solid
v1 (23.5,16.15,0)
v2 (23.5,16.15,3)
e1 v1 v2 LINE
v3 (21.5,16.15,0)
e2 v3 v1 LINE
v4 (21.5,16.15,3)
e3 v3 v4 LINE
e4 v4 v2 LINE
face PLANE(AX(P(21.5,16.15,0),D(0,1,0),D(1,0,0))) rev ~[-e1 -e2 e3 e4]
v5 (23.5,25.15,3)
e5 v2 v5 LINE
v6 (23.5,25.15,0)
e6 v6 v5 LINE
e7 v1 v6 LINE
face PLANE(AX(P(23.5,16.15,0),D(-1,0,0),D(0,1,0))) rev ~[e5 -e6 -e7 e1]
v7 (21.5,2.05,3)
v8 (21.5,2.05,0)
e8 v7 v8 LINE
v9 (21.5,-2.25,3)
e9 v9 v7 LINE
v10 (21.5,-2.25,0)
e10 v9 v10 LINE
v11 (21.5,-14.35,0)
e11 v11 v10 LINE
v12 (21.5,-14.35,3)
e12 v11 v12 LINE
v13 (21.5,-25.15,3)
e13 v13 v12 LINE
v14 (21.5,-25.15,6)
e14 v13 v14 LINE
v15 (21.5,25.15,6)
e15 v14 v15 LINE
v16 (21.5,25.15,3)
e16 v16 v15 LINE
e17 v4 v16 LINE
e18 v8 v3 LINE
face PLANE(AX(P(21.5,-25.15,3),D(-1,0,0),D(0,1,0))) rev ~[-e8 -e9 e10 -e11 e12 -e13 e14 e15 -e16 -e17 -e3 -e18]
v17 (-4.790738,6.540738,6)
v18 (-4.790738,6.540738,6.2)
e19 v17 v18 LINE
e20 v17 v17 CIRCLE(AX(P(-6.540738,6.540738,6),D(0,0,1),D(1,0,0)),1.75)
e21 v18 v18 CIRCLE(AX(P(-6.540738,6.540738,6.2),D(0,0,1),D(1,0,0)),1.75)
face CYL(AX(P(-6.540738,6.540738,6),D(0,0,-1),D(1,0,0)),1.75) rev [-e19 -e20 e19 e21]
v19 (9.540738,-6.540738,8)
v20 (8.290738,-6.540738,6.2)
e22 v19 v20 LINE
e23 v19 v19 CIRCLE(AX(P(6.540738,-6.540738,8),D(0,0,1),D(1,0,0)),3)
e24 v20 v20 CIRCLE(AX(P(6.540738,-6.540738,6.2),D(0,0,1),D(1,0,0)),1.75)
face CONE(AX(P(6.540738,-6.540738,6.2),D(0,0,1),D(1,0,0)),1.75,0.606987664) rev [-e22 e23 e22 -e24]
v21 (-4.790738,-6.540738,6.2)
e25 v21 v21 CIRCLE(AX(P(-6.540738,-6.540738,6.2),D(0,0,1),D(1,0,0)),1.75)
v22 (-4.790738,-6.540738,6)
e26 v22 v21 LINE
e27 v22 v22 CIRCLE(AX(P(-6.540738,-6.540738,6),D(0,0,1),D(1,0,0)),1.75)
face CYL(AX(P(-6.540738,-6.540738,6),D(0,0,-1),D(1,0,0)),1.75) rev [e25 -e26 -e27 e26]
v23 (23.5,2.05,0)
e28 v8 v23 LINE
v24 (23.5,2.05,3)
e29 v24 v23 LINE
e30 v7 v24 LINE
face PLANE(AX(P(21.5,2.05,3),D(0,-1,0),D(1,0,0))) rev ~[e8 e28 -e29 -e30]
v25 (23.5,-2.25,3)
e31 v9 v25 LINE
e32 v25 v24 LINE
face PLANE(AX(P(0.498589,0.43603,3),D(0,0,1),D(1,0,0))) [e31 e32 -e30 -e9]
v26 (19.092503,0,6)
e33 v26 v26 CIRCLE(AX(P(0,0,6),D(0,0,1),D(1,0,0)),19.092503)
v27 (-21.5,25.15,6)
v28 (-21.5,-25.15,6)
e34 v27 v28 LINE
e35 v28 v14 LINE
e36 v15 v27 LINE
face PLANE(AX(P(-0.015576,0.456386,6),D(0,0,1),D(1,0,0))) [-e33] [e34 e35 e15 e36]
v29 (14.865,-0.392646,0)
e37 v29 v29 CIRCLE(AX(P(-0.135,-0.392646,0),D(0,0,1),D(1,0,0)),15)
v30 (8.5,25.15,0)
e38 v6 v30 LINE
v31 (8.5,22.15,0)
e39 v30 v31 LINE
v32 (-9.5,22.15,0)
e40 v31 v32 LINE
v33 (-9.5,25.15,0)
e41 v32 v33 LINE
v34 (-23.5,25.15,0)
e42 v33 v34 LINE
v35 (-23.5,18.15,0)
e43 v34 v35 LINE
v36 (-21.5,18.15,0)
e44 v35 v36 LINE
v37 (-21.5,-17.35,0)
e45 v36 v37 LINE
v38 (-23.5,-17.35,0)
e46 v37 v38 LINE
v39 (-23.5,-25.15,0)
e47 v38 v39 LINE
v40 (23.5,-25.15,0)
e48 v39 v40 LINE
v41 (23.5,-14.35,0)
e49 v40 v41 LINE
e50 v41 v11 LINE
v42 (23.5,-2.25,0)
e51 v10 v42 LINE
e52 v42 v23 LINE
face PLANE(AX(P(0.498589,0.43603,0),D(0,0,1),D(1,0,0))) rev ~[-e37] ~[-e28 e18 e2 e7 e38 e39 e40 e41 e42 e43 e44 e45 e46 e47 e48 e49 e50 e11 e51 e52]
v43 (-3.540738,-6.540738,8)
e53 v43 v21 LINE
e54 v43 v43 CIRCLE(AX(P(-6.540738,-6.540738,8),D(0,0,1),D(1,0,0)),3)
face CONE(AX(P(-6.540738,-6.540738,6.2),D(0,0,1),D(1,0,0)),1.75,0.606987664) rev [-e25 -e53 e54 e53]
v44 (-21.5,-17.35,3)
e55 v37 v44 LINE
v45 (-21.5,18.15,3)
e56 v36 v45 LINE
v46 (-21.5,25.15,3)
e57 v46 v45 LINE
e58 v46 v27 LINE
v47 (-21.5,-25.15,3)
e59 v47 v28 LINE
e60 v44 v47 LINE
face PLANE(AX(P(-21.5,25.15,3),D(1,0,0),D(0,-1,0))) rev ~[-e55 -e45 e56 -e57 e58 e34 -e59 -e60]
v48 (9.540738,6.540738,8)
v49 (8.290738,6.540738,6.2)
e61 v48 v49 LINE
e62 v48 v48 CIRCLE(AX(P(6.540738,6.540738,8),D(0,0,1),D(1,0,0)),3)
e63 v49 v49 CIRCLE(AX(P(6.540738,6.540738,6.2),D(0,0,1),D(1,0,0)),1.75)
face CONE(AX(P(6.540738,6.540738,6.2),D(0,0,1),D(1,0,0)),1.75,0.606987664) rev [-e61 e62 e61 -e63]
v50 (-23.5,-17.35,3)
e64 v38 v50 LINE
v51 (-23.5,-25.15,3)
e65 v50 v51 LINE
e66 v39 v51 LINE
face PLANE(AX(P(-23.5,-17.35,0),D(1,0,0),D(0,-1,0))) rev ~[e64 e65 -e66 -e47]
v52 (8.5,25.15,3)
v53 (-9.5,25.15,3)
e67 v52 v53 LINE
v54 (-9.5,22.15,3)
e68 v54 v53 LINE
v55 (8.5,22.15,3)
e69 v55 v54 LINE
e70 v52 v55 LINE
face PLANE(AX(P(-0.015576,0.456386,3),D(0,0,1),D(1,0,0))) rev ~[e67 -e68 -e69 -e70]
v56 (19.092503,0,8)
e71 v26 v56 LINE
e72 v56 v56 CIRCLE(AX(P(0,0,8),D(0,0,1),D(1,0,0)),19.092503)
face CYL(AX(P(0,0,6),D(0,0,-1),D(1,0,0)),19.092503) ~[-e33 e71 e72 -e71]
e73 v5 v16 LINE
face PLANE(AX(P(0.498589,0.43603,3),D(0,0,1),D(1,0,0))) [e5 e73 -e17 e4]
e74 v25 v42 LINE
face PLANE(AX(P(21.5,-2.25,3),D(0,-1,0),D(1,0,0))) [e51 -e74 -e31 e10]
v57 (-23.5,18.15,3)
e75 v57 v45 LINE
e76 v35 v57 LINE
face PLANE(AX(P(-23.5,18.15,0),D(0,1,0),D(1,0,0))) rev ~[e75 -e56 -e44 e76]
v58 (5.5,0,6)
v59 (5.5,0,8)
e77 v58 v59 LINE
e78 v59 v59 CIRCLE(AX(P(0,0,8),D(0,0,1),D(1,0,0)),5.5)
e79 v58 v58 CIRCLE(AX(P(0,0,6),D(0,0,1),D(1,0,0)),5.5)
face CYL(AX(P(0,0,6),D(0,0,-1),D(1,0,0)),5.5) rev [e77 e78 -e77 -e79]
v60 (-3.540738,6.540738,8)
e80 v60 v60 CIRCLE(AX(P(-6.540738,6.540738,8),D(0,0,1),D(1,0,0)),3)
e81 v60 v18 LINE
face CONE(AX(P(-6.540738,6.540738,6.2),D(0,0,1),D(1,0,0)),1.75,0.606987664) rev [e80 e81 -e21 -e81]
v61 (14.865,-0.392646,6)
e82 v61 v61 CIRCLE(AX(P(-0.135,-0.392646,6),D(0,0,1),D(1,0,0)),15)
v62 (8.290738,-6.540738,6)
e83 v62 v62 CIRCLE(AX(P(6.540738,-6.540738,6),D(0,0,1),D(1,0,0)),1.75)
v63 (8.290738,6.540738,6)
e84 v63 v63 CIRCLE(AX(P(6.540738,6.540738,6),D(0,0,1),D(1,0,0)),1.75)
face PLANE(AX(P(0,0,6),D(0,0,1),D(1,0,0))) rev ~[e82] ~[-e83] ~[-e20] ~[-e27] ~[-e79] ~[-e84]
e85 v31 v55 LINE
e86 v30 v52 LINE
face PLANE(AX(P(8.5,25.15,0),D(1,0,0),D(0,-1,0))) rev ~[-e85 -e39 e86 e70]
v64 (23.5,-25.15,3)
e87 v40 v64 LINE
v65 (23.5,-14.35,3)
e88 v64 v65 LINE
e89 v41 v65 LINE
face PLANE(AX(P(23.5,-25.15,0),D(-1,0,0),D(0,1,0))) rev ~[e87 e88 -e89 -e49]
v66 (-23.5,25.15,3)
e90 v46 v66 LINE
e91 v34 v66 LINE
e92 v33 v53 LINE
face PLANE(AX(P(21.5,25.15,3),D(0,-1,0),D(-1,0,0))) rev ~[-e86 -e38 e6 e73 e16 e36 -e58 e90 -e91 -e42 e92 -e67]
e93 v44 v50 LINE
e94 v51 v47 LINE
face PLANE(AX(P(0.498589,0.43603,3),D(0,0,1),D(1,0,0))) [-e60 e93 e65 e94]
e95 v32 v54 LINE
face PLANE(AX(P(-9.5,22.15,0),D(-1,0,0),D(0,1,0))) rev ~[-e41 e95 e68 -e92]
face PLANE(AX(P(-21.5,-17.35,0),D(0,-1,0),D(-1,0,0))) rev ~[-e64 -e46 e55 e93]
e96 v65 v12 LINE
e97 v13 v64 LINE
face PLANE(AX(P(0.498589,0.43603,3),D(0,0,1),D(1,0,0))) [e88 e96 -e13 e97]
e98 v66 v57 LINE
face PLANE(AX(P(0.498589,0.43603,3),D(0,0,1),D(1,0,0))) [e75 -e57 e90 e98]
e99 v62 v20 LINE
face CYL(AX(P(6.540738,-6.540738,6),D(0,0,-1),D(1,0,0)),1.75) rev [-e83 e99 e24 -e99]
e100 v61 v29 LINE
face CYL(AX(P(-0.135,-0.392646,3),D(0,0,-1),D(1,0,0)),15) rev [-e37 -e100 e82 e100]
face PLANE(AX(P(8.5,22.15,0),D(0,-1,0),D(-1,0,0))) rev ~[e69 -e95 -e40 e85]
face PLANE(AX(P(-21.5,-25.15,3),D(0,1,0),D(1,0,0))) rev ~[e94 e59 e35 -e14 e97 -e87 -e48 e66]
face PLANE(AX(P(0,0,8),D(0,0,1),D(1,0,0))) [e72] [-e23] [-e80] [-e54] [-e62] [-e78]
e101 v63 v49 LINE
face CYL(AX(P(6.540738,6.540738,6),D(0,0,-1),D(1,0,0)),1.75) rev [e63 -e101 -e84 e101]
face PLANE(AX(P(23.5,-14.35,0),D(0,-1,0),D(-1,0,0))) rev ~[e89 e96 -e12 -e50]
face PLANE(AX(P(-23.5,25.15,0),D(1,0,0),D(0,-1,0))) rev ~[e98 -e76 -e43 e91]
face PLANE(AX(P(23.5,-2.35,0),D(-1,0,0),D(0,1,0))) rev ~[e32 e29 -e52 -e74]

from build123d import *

# Parameters (mm, degrees)
F0_R     = 15
F1_DEPTH = 3
F2_R     = 15
F2_W     = 18
F2_H     = 3
F3_DEPTH = 3
F4_R     = 19.092503
F4_R_2   = 1.75
F4_R_3   = 5.5
F5_DEPTH = 2
F6_SIZE2 = 1.8
F6_SIZE  = 1.25
F7_W     = 2
F7_H     = 0.1
F8_DEPTH = 3.001


with BuildPart() as f1:
    # F0 (on Top) → F1 (new body)
    with BuildSketch(Plane.XY):
        Polygon((-9.5, 25.15), (-23.5, 25.15), (-23.5, 18.15), (-21.5, 18.15), (-21.5, -17.35), (-23.5, -17.35), (-23.5, -25.15), (23.5, -25.15), (23.5, -14.35), (21.5, -14.35), (21.5, -2.35), (23.5, -2.35), (23.5, 2.15), (21.5, 2.15), (21.5, 16.15), (23.5, 16.15), (23.5, 25.15), (8.5, 25.15), (8.5, 22.15), (-9.5, 22.15), align=None)
        with Locations((-0.135, -0.392646)):
            Circle(F0_R, mode=Mode.SUBTRACT)
    extrude(amount=F1_DEPTH)

    # F2 (on face) → F3 (join)
    with BuildSketch(Plane.XY.offset(3)):
        Polygon((-21.5, 25.15), (-21.5, 18.15), (-21.5, -17.35), (-21.5, -25.15), (21.5, -25.15), (21.5, -14.35), (21.5, -2.35), (21.5, 2.15), (21.5, 16.15), (21.5, 25.15), (8.5, 25.15), (8.5, 22.15), (-9.5, 22.15), (-9.5, 25.15), align=None)
        with Locations((-0.135, -0.392646)):
            Circle(F2_R, mode=Mode.SUBTRACT)
        with Locations((-0.5, 23.65)):
            Rectangle(F2_W, F2_H)
    extrude(amount=F3_DEPTH)

    # F4 (on face) → F5 (join)
    with BuildSketch(Plane.XY.offset(6)):
        Circle(F4_R)
        with Locations((-6.540738, -6.540738)):
            Circle(F4_R_2, mode=Mode.SUBTRACT)
        with Locations((6.540738, -6.540738)):
            Circle(F4_R_2, mode=Mode.SUBTRACT)
        with Locations((-6.540738, 6.540738)):
            Circle(F4_R_2, mode=Mode.SUBTRACT)
        Circle(F4_R_3, mode=Mode.SUBTRACT)
        with Locations((6.540738, 6.540738)):
            Circle(F4_R_2, mode=Mode.SUBTRACT)
    extrude(amount=F5_DEPTH)

    # F6
    f6_edges = [f1.edges().sort_by_distance(p)[0] for p in [
        (-8.290738, 6.540738, 8),
        (4.790738, 6.540738, 8),
        (4.790738, -6.540738, 8),
        (-8.290738, -6.540738, 8),
    ]]
    chamfer(f6_edges, length=F6_SIZE, length2=F6_SIZE2)

    # F7 (on face) → F8 (cut, through all)
    with BuildSketch(Plane.XY.offset(3)):
        with Locations((22.5, 2.1)):
            Rectangle(F7_W, F7_H)
        with Locations((22.5, -2.3)):
            Rectangle(F7_W, F7_H)
    extrude(amount=-F8_DEPTH, mode=Mode.SUBTRACT)


solid = f1.part
